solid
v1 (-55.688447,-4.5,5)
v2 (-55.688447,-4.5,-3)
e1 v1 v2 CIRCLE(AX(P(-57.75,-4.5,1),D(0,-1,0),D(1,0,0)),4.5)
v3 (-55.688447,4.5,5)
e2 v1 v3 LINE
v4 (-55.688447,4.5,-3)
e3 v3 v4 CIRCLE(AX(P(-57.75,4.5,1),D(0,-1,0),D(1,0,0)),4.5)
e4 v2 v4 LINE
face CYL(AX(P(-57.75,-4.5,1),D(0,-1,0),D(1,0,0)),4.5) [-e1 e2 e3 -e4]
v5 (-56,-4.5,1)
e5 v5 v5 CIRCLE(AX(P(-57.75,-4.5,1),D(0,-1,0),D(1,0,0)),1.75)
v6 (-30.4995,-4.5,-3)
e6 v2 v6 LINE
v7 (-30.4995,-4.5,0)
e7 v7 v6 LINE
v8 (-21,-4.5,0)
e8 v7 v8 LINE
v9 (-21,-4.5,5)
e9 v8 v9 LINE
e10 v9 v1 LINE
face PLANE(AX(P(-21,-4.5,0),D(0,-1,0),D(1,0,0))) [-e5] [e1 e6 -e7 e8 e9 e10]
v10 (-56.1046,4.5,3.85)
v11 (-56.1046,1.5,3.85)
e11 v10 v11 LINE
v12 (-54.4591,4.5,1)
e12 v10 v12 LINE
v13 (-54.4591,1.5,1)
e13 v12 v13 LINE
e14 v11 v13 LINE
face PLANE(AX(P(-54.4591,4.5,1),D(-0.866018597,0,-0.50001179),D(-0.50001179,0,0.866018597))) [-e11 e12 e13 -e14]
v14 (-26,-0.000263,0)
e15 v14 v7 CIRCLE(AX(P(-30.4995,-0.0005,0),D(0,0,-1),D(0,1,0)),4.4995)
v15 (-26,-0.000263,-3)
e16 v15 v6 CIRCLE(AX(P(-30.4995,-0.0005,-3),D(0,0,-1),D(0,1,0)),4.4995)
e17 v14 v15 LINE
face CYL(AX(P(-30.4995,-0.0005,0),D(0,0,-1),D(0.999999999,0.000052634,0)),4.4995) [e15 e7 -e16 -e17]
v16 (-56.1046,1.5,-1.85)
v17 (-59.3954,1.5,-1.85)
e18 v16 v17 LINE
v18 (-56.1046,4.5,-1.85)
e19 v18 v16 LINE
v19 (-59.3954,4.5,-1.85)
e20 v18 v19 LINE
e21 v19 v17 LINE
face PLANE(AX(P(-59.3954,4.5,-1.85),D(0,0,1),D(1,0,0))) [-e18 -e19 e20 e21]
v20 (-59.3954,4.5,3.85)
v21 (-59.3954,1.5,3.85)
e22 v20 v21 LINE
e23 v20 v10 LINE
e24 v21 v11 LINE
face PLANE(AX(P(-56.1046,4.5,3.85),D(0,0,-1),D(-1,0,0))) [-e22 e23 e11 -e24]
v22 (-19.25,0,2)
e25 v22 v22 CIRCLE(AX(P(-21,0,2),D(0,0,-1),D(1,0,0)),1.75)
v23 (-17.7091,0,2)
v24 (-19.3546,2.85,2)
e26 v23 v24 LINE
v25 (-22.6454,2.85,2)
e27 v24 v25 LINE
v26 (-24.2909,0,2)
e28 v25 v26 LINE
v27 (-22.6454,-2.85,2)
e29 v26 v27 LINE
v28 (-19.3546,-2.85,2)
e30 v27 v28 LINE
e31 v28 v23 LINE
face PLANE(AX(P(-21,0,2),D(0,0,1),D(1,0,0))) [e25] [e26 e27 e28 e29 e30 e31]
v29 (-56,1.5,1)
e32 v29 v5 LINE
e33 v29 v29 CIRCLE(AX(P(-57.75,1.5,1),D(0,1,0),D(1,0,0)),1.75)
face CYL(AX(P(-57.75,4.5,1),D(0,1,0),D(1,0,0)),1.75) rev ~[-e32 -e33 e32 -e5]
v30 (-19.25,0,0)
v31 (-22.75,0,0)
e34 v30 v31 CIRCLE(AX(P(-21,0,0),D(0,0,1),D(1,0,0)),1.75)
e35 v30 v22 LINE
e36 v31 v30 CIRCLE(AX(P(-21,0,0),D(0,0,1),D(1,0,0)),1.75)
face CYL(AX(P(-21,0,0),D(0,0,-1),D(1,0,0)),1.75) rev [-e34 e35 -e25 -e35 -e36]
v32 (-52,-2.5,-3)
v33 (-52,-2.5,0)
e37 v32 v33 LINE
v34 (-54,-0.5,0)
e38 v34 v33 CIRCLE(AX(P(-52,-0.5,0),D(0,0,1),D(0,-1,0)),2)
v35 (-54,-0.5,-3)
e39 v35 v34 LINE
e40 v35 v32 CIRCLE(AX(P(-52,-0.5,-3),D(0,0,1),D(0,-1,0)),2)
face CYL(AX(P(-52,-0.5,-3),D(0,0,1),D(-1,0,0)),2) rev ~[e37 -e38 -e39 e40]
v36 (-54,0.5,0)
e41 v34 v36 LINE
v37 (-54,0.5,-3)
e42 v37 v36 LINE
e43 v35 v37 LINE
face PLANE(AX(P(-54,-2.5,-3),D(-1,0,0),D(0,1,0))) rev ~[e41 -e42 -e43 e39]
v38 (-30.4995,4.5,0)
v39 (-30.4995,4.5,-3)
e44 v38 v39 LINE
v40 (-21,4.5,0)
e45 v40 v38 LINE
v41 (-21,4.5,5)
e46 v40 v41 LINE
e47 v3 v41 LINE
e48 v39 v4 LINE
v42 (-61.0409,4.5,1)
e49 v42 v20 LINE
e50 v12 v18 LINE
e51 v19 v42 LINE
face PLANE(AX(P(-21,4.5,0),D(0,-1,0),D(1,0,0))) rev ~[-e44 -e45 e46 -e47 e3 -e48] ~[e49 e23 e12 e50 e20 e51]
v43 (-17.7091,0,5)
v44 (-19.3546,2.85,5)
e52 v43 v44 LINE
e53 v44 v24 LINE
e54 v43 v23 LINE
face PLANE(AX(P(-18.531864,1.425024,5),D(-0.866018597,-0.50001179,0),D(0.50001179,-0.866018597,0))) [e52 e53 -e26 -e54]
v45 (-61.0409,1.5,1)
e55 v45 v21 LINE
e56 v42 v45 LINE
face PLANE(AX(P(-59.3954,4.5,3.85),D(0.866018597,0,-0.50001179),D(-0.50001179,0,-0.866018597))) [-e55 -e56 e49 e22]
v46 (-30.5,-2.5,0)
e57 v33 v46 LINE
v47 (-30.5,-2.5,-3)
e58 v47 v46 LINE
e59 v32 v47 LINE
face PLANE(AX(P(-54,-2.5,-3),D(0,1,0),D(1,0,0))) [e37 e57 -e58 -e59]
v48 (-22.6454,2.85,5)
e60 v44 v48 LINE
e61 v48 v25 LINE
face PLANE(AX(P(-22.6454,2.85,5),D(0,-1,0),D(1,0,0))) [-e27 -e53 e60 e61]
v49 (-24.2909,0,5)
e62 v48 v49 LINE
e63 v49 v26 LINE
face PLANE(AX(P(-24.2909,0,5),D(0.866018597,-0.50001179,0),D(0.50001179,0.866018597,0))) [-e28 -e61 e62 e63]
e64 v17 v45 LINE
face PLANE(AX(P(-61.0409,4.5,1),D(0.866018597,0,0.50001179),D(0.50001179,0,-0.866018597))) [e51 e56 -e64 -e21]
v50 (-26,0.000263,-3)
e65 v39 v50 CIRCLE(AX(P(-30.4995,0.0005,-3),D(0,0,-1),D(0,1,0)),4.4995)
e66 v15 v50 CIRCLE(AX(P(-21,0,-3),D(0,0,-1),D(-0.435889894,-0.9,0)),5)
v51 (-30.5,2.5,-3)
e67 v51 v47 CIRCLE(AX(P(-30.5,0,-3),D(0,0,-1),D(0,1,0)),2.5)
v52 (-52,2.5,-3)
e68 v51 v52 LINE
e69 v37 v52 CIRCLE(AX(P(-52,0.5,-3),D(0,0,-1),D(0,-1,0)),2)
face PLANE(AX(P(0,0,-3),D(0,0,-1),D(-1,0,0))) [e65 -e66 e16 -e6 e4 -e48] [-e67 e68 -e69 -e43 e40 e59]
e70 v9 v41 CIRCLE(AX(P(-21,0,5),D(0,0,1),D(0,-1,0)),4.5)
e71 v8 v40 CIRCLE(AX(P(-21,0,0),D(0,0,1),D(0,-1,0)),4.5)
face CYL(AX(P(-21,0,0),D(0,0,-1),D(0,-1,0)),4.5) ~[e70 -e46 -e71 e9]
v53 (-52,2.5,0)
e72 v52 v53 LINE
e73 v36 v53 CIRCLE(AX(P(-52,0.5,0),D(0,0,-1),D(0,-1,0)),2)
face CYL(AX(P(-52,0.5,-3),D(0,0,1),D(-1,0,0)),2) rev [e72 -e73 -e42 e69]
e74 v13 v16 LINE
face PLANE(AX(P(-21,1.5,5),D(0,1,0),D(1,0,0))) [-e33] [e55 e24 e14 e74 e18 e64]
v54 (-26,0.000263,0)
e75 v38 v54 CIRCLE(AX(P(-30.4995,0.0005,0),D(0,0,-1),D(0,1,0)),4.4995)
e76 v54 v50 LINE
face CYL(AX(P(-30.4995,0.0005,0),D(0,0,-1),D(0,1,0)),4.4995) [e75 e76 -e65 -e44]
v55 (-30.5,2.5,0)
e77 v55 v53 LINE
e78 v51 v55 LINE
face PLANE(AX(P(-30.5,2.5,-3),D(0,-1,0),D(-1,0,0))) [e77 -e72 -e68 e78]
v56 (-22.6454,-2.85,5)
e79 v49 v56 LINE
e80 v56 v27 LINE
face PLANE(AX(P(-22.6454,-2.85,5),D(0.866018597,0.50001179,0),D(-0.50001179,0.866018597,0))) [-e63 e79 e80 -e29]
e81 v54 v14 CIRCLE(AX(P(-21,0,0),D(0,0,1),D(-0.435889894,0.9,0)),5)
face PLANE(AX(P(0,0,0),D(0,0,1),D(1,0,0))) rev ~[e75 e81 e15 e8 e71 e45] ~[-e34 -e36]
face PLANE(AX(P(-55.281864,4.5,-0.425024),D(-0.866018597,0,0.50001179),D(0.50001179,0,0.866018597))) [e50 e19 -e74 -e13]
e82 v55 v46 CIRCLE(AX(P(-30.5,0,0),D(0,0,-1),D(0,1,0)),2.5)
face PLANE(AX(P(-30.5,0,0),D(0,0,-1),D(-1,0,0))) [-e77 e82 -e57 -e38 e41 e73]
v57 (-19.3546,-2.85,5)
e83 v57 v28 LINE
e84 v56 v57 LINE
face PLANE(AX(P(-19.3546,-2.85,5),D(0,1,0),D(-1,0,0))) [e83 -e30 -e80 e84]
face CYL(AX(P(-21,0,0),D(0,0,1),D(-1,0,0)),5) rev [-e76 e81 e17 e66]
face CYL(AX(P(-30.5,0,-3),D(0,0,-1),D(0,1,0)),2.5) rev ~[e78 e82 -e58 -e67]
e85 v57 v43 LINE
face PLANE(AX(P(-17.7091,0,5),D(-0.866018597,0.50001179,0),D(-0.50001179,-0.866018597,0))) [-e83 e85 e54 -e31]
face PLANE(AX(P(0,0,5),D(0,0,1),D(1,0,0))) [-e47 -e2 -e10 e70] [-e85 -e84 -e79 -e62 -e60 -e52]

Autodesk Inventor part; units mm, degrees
ref_plane "YZ Plane" through (0, 0, 0) normal (1, 0, 0) x (0, 1, 0)
ref_plane "Płaszczyzna konstrukcyjna2" through (-16.0063, -4.5, 5) normal (0, 0, 1) x (1, 0, 0)
sketch "Szkic1" plane through (0, 0, 0) normal (0, 0, 1) x (1, 0, 0)
  circle A0 centre (-21, 0) radius 1.75 projected
  arc A1 (-11.0125, 4.5) -> (-15.9781, 0.0856) centre (-11.0125, -0.5) ccw projected
  line L0 (-21, 4.5) -> (-11.0125, 4.5) projected
  arc A2 (-21, 4.5) -> (-21, -4.5) centre (-21, 0) ccw projected
  line L1 (-11.0628, -4.5) -> (-21, -4.5) projected
  arc A3 (-15.9446, -0.5811) -> (-11.0628, -4.5) centre (-11.0628, 0.5) ccw projected
  line L2 (-21, 0) -> (-57.75, 0)
  line L3 (-21, 0) -> (-57.75, 0) construction
  line L4 (-21, -4.5) -> (-57.75, -4.5)
  line L5 (-57.75, 4.5) -> (-21, 4.5)
  arc A4 (-21, -4.5) -> (-21, 4.5) centre (-21, 0) ccw
  arc A5 (-57.75, 4.5) -> (-57.75, -4.5) centre (-57.75, 0) ccw
  line L6 (-57.75, 4.5) -> (-57.75, -4.5)
  arc A6 (-15.9781, 0.0856) -> (-15.9446, -0.5811) centre (-13.9919, -0.1486) ccw projected
  point P0 (0, 0)
  point P1 (-39.375, 0)
  dimension "d0" = 36.75
extrude "Wyciągnięcie proste1" add sketch "Szkic1" along normal up to surface (5 mm away) contours A2 A4 | A2 L4 L6 L2 | L2 L6 L5 A2
sketch "Szkic2" plane through (0, 0, 0) normal (0, 0, -1) x (-1, 0, 0)
  line L0 (21, 4.5) -> (57.75, 4.5) projected
  arc A0 (21, 4.5) -> (21, -4.5) centre (21, 0) ccw projected
  line L1 (57.75, -4.5) -> (21, -4.5) projected
  line L2 (57.75, 4.5) -> (57.75, -4.5) projected
  circle A1 centre (21, 0) radius 1.75 projected
  arc A2 (21, -4.5) -> (21, 4.5) centre (21, 0) ccw projected
  circle A3 centre (21, 0) radius 5
  point P0 (0, 0)
  point P1 (23.1794, 4.5)
  point P2 (23.1794, -4.5)
  dimension "d3" = 10
ref_plane "Płaszczyzna konstrukcyjna1" through (-25.5, -4.5, -3) normal (0, 0, -1) x (0, 1, 0)
extrude "Wyciągnięcie proste2" add sketch "Szkic2" along normal up to surface (3 mm away) contours L0 L2 L1 A3
fillet "Zaokrąglenie1" radius 4.5 2 edges at (-23.1794, -4.5, -1.5) (-23.1794, 4.5, -1.5)
sketch "Szkic4" plane through (-57.75, 4.5, 5) normal (0, 1, 0) x (1, 0, 0)
  line L0 (0, 8) -> (0, 0) projected
  circle A0 centre (0, 4) radius 1.75
  circle A1 centre (0, 4) radius 4
  point P0 (57.75, 5)
  point P1 (0, 2.25)
  point P2 (0, 5.75)
  dimension "d15" = 3.5
extrude "Wyciągnięcie proste6" add sketch "Szkic4" against normal up to surface (9 mm away) contours L0 A0 A1 picked at (-0.4587, 0.8057)
extrude "Wyciągnięcie proste7" cut sketch "Szkic4" against normal through all contours A0 L0 picked at (0.2531, 4.5256)
sketch "Szkic5" plane through (-30.5, 0, -3) normal (0, 0, -1) x (-1, 0, 0)
  arc A0 (0, 4.5) -> (0, -4.5) centre (0, 0) ccw projected
  line L0 (27.25, -4.5) -> (0, -4.5) projected
  line L1 (27.25, 4.5) -> (27.25, -4.5) projected
  line L2 (0, 4.5) -> (27.25, 4.5) projected
  line L3 (29, -4.5) -> (29, 4.5) projected
  line L4 (25.5, -4.5) -> (25.5, 4.5) projected
  line L5 (23.5, -4.5) -> (23.5, 4.5)
  arc A1 (0, 2.5) -> (0, -2.5) centre (0, 0) ccw
  line L6 (0, 2.5) -> (25.25, 2.5)
  line L7 (25.25, 2.5) -> (25.25, -2.5)
  line L8 (25.25, -2.5) -> (0, -2.5)
  point P0 (-30.5, 0)
  point P1 (23.5, -2.5)
  point P2 (23.5, 2.5)
  dimension "d20" = 2
  dimension "d21" = 2
extrude "Wyciągnięcie proste8" cut sketch "Szkic5" against normal up to surface (3 mm away) contours L5 L8 A1 L6
fillet "Zaokrąglenie2" radius 2 2 edges at (-54, 2.5, -1.5) (-54, -2.5, -1.5)
sketch "Szkic6" plane through (-21, 0, 5) normal (0, 0, 1) x (1, 0, 0)
  circle A0 centre (0, 0) radius 1.75 projected
  circle A1 centre (0, 0) radius 2.85
  line L0 (1.6454, 2.85) -> (3.2909, 0)
  line L1 (3.2909, 0) -> (1.6454, -2.85)
  line L2 (1.6454, -2.85) -> (-1.6454, -2.85)
  line L3 (-1.6454, -2.85) -> (-3.2909, 0)
  line L4 (-3.2909, 0) -> (-1.6454, 2.85)
  line L5 (-1.6454, 2.85) -> (1.6454, 2.85)
  point P0 (21, 0)
  point P1 (0, 2.85)
  dimension "d25" = 5.7
extrude "Wyciągnięcie proste9" cut sketch "Szkic6" against normal blind 3 contours A0 | A1 | A1 L0 L1 | A1 L5 L0 | L1 L2 A1 | A1 L4 L5 | L2 L3 A1 | A1 L3 L4
sketch "Szkic7" plane through (-21, 4.5, 5) normal (0, 1, 0) x (1, 0, 0)
  circle A0 centre (-36.75, 4) radius 1.75 projected
  circle A1 centre (-36.75, 4) radius 2.85
  circle A2 centre (-36.75, 4) radius 1.75 projected
  line L0 (-35.1046, 6.85) -> (-33.4591, 4)
  line L1 (-33.4591, 4) -> (-35.1046, 1.15)
  line L2 (-35.1046, 1.15) -> (-38.3954, 1.15)
  line L3 (-38.3954, 1.15) -> (-40.0409, 4)
  line L4 (-40.0409, 4) -> (-38.3954, 6.85)
  line L5 (-38.3954, 6.85) -> (-35.1046, 6.85)
  point P0 (21, 5)
  point P1 (-36.75, 6.85)
  dimension "d28" = 5.7
extrude "Wyciągnięcie proste10" cut sketch "Szkic7" against normal blind 3 contours A0 | A1 | A1 L0 L1 | A1 L5 L0 | L1 L2 A1 | A1 L4 L5 | L2 L3 A1 | A1 L3 L4
sketch "Szkic8" plane through (-21, -4.5, 0) normal (0, -1, 0) x (1, 0, 0)
  circle A0 centre (-36.75, 1) radius 1.75 projected
  circle A1 centre (-36.75, 1) radius 4.5
  arc A2 (-36.75, 5) -> (-36.75, -3) centre (-36.75, 1) ccw projected
  circle A3 centre (-36.75, 1) radius 1.75 projected
  arc A4 (-36.75, 5) -> (-36.75, -3) centre (-36.75, 1) ccw projected
  line L0 (-36.75, -3) -> (-9.5, -3) projected
  line L1 (-9.5, 0) -> (-9.5, -3) projected
  line L2 (-9.5, 0) -> (0, 0) projected
  line L3 (0, 0) -> (0, 5) projected
  line L4 (0, 5) -> (-36.75, 5) projected
  point P0 (21, 0)
  point P1 (-34.6884, 5)
  point P2 (-34.6884, -3)
  dimension "d31" = 9
extrude "Wyciągnięcie proste11" add sketch "Szkic8" against normal up to surface (9 mm away) contours L4 A2 L0 A1 picked at (-35.7134, 5.1254)
properties part number "L1"
